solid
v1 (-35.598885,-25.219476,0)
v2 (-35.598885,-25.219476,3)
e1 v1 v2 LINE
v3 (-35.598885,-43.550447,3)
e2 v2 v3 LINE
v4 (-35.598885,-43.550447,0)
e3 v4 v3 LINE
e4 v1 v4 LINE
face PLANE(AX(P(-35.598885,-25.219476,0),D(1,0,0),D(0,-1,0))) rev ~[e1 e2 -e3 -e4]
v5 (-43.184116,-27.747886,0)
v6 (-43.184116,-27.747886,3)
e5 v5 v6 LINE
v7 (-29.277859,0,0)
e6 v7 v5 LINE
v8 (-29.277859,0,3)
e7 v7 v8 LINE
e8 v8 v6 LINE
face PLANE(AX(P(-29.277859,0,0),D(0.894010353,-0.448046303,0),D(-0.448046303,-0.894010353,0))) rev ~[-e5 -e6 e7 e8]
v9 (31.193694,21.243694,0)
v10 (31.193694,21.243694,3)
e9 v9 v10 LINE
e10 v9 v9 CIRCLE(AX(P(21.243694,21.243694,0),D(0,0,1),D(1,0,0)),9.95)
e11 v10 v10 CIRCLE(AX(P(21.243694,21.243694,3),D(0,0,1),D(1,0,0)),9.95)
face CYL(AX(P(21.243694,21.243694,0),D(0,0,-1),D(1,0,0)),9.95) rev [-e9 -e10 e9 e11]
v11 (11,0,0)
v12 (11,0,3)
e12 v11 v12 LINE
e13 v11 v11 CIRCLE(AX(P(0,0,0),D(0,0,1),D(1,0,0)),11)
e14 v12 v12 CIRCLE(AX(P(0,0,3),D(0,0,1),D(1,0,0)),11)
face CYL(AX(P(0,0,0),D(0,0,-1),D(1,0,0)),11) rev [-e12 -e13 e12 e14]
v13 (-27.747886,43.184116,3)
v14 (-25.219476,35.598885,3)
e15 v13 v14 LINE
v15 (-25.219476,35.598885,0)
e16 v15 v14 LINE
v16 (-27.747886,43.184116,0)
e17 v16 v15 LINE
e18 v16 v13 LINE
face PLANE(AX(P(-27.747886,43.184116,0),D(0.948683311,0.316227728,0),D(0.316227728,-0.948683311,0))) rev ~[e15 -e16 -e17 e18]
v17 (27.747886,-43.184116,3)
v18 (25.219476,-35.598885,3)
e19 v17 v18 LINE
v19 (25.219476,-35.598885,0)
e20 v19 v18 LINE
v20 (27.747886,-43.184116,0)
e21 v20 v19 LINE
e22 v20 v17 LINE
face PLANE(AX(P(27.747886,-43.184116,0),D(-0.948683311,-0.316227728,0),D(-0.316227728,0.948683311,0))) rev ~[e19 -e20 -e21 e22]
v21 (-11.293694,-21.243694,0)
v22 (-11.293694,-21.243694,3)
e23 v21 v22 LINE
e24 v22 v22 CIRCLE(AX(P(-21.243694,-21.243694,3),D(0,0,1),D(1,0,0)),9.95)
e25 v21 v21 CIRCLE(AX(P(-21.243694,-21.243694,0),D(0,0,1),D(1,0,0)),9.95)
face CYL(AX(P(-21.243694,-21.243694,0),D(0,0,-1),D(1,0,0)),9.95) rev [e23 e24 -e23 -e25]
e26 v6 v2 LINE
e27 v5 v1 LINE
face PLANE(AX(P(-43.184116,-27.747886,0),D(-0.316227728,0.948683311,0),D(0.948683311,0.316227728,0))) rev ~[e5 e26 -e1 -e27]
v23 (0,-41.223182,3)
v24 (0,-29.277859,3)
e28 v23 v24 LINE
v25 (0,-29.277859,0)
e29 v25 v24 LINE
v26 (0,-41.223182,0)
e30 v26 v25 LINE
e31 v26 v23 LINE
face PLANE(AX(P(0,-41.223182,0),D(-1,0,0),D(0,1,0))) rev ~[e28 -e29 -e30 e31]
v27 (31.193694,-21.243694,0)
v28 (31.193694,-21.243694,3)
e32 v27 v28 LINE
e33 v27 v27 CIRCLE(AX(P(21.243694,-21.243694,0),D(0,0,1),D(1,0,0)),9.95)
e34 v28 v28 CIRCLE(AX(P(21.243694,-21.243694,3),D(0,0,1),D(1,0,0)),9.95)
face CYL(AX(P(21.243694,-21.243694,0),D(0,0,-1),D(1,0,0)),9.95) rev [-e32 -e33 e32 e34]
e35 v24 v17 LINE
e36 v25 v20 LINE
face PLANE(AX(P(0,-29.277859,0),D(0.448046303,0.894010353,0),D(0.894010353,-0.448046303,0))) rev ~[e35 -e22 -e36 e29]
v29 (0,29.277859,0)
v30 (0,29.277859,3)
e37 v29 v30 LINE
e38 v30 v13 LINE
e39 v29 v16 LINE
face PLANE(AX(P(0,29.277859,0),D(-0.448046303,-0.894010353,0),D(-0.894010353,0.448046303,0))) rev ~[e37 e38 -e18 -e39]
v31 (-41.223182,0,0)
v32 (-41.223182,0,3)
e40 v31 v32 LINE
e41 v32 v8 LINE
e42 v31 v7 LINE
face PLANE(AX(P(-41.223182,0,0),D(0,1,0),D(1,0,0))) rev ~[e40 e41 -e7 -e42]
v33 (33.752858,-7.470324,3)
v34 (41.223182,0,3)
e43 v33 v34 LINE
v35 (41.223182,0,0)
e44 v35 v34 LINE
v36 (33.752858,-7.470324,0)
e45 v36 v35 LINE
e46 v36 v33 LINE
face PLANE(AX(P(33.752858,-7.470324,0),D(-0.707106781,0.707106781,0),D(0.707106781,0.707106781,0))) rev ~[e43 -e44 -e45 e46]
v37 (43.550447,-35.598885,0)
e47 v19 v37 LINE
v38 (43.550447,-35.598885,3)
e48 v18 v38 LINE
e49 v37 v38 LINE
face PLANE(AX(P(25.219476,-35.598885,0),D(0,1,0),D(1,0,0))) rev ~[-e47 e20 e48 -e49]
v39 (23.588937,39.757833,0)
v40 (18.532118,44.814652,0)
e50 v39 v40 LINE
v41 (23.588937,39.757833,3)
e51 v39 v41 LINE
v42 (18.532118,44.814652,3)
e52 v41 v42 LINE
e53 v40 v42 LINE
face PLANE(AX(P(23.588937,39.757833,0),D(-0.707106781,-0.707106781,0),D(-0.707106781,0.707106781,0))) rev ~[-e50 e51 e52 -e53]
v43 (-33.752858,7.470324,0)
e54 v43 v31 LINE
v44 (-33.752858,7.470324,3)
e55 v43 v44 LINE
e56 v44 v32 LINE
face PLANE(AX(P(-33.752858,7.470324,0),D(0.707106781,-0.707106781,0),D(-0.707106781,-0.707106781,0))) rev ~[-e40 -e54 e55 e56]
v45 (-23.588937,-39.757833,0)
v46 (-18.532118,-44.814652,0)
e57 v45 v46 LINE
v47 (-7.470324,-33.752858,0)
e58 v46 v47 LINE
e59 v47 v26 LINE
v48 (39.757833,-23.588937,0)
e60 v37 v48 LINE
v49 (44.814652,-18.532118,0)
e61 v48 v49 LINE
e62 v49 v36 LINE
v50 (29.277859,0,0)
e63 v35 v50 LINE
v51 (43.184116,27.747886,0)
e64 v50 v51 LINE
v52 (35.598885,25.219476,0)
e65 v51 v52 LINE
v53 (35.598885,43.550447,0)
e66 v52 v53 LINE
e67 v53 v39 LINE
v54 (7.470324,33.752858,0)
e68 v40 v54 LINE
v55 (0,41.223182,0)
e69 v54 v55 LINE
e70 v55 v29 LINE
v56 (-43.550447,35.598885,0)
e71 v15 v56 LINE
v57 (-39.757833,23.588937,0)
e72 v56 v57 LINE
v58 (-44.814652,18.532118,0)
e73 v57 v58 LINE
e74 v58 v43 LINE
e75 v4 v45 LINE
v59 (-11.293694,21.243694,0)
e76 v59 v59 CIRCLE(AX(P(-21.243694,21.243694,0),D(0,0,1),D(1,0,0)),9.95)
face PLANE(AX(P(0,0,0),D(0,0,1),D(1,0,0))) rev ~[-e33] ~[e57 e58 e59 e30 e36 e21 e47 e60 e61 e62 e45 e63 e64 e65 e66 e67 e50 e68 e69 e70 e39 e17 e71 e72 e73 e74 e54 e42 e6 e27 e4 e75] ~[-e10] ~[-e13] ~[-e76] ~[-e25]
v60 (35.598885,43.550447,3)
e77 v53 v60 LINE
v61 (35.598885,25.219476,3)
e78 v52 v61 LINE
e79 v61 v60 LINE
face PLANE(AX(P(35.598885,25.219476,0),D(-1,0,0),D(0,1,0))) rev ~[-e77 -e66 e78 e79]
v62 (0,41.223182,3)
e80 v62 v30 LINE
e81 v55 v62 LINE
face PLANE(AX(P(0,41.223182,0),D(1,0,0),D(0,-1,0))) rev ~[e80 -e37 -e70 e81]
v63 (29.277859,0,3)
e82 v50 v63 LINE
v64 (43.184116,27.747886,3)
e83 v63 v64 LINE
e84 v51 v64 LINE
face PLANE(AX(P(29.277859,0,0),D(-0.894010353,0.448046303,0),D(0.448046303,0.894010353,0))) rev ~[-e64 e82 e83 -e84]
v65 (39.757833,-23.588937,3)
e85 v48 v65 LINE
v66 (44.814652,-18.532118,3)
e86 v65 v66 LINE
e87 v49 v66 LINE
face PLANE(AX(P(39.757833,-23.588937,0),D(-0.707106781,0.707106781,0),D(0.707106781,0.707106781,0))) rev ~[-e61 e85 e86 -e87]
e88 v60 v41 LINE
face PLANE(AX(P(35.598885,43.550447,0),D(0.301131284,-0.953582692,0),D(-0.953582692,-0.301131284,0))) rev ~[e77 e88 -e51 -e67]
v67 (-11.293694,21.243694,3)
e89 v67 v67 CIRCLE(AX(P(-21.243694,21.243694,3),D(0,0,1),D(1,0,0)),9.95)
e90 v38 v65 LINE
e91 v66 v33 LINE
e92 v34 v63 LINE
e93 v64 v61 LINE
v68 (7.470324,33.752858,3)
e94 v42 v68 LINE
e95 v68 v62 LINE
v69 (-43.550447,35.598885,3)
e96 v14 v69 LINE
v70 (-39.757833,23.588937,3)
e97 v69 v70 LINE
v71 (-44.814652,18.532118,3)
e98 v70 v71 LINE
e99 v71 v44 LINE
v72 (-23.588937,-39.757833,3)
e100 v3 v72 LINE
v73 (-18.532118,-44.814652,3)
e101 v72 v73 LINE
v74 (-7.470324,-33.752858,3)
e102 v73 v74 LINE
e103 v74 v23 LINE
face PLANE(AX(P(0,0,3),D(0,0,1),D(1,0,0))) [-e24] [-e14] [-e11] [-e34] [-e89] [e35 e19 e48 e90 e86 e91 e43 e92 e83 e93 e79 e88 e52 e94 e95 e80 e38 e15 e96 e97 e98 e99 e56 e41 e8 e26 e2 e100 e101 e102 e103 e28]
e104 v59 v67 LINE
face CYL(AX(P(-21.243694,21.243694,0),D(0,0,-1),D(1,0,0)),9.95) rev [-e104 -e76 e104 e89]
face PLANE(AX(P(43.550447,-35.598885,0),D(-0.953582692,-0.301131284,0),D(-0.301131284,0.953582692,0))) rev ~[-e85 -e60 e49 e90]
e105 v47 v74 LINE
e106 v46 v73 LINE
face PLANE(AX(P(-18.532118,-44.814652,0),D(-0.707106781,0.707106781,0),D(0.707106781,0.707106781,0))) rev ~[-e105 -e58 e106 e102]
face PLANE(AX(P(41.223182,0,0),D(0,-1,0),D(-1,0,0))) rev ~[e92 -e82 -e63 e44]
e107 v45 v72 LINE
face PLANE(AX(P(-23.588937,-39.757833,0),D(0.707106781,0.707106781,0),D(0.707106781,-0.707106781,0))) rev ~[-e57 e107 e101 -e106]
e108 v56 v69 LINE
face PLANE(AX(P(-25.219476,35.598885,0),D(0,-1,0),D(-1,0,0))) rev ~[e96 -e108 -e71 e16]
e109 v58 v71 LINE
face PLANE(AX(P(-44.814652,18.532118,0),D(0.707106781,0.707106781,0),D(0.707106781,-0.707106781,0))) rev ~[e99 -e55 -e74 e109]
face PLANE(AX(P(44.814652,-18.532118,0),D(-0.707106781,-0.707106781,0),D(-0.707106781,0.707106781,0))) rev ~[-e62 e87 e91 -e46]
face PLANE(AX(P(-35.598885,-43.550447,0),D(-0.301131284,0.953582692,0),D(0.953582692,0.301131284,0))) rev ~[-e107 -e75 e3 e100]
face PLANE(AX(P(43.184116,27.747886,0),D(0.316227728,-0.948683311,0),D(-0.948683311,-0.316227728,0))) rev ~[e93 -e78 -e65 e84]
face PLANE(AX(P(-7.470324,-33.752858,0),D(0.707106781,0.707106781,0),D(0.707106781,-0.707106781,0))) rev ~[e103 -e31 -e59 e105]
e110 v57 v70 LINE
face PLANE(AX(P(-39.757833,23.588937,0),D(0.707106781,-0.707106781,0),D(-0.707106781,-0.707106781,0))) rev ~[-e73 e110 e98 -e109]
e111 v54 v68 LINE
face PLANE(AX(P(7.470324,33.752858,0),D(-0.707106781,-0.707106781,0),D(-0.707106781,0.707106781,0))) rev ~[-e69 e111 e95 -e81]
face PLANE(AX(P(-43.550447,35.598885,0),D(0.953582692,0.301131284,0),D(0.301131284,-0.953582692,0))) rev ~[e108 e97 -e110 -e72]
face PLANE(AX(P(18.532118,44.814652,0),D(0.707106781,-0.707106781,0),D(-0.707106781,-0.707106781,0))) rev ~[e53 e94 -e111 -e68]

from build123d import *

# Parameters (mm, degrees)
F0_R     = 9.95
F0_R_2   = 11
F1_DEPTH = 3


with BuildPart() as f1:
    # F0 (on Top) → F1 (new body)
    with BuildSketch(Plane.XY):
        Polygon((0, 41.223182), (0, 29.277859), (-27.747886, 43.184116), (-25.219476, 35.598885), (-43.550447, 35.598885), (-39.757833, 23.588937), (-44.814652, 18.532118), (-33.752858, 7.470324), (-41.223182, 0), (-29.277859, 0), (-43.184116, -27.747886), (-35.598885, -25.219476), (-35.598885, -43.550447), (-23.588937, -39.757833), (-18.532118, -44.814652), (-7.470324, -33.752858), (0, -41.223182), (0, -29.277859), (27.747886, -43.184116), (25.219476, -35.598885), (43.550447, -35.598885), (39.757833, -23.588937), (44.814652, -18.532118), (33.752858, -7.470324), (41.223182, 0), (29.277859, 0), (43.184116, 27.747886), (35.598885, 25.219476), (35.598885, 43.550447), (23.588937, 39.757833), (18.532118, 44.814652), (7.470324, 33.752858), align=None)
        with Locations((-21.243694, -21.243694)):
            Circle(F0_R, mode=Mode.SUBTRACT)
        with Locations((21.243694, -21.243694)):
            Circle(F0_R, mode=Mode.SUBTRACT)
        with Locations((-21.243694, 21.243694)):
            Circle(F0_R, mode=Mode.SUBTRACT)
        Circle(F0_R_2, mode=Mode.SUBTRACT)
        with Locations((21.243694, 21.243694)):
            Circle(F0_R, mode=Mode.SUBTRACT)
    extrude(amount=F1_DEPTH)


solid = f1.part
